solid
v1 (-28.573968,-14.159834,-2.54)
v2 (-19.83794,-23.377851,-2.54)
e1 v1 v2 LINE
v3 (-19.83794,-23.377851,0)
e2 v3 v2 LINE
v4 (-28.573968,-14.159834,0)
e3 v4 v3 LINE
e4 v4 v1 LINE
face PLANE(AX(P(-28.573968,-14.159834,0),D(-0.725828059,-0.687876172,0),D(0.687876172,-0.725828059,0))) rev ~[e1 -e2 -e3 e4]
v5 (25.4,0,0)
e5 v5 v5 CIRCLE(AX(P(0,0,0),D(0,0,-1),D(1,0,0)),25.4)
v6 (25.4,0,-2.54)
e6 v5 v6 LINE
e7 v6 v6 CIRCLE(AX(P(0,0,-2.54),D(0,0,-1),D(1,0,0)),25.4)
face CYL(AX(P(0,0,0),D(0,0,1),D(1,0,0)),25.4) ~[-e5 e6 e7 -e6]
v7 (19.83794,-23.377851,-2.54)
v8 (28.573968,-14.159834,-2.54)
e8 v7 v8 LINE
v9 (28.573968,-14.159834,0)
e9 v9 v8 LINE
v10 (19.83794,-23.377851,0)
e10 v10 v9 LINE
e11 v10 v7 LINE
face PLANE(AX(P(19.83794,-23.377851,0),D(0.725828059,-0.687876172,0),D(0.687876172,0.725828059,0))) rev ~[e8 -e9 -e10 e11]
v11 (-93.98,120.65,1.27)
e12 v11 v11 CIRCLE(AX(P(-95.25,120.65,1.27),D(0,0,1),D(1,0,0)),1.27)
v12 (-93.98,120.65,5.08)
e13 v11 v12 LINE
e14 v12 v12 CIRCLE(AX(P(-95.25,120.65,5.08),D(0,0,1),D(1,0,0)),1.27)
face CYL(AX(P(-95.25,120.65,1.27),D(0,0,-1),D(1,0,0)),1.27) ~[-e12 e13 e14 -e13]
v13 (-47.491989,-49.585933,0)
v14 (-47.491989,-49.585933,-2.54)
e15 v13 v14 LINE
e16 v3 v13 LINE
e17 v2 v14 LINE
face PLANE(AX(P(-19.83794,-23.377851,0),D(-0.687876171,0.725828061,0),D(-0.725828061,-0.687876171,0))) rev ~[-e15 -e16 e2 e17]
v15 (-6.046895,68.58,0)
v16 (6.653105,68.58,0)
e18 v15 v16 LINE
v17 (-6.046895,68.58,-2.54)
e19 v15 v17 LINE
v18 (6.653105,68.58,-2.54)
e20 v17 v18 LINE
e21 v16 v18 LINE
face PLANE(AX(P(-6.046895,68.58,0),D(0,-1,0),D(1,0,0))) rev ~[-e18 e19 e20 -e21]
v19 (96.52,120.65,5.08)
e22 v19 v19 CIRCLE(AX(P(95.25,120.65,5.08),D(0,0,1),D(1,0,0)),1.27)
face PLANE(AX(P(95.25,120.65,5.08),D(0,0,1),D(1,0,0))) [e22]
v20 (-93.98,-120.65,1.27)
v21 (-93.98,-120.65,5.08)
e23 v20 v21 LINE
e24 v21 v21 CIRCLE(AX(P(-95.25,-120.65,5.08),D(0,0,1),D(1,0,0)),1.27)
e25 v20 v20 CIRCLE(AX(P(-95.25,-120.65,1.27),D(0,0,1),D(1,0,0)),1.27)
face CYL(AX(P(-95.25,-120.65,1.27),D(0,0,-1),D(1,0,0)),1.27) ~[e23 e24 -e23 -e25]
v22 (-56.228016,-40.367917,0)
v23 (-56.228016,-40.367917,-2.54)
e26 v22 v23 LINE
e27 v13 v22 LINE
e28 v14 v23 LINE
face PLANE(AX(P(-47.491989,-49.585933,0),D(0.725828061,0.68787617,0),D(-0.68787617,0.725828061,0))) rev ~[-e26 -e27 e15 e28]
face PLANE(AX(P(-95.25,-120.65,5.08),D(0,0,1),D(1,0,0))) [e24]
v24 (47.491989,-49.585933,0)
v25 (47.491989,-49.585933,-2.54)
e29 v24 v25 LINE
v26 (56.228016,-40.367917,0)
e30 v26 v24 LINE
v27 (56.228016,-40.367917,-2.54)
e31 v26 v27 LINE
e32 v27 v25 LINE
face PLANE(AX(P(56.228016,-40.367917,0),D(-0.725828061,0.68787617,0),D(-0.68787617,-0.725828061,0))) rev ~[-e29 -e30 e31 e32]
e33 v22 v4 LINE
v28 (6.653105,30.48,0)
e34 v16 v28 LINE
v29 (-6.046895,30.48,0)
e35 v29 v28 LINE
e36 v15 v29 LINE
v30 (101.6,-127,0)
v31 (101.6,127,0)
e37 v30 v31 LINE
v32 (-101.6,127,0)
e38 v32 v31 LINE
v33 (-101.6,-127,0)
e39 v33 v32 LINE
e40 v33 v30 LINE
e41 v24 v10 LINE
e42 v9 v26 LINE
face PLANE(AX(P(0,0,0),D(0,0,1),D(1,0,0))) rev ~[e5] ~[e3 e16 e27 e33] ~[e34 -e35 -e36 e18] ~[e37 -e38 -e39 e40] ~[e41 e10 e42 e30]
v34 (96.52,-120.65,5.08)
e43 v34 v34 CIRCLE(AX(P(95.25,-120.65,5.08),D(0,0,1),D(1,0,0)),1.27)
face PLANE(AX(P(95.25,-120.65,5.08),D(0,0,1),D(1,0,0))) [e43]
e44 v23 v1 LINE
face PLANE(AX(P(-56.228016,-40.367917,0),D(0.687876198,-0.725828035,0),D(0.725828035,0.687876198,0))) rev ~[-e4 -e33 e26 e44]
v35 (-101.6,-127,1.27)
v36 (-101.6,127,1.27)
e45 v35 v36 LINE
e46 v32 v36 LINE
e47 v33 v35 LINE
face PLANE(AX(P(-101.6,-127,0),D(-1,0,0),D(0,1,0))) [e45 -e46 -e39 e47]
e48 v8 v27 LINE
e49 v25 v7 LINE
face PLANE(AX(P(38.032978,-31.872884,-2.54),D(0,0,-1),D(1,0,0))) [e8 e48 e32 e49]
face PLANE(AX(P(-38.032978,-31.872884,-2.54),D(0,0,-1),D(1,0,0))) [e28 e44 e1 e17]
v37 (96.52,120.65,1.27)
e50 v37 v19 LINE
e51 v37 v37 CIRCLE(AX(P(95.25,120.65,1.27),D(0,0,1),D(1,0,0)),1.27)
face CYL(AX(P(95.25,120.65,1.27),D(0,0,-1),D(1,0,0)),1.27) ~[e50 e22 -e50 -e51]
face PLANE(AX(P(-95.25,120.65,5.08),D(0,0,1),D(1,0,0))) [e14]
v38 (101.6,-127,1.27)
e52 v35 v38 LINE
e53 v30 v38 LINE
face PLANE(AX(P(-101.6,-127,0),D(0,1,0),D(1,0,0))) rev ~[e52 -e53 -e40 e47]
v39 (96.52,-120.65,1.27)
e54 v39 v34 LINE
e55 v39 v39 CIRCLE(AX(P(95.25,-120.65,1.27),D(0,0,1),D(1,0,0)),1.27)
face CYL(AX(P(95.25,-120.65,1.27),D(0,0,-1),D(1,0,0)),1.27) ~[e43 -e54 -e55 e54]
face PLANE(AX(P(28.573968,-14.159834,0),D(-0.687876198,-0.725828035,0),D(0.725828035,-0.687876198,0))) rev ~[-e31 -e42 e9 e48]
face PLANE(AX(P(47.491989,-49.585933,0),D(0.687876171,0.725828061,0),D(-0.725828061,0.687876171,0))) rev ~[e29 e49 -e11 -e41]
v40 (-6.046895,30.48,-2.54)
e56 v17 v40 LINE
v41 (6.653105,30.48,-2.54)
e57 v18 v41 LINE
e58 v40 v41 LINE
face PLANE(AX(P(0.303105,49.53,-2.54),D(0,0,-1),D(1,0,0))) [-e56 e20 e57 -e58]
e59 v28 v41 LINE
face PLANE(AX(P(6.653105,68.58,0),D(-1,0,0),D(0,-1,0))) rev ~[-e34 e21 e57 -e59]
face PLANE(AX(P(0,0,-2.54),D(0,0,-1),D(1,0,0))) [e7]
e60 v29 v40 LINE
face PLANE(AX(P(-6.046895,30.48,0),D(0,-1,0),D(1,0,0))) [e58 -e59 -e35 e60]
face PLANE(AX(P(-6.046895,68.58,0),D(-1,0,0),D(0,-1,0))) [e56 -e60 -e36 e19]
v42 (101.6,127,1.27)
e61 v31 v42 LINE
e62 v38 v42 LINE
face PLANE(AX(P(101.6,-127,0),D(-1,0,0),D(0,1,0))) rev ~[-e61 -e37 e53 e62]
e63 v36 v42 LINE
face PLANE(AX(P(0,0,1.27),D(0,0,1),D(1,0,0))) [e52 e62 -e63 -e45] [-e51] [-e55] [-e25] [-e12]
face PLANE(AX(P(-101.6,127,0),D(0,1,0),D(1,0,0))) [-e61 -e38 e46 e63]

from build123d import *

# Parameters (mm, degrees)
F0_W     = 203.2
F0_H     = 254
F1_DEPTH = 1.27
F2_R     = 1.27
F3_DEPTH = 3.81
F4_R     = 25.4
F4_W     = 12.7
F4_H     = 38.1
F5_DEPTH = 2.54


with BuildPart() as f1:
    # F0 (on Top) → F1 (new body)
    with BuildSketch(Plane.XY):
        Rectangle(F0_W, F0_H)
    extrude(amount=F1_DEPTH)

    # F2 (on face) → F3 (join)
    with BuildSketch(Plane.XY.offset(1.27)):
        with Locations((-95.25, 120.65)):
            Circle(F2_R)
        with Locations((95.25, 120.65)):
            Circle(F2_R)
        with Locations((95.25, -120.65)):
            Circle(F2_R)
        with Locations((-95.25, -120.65)):
            Circle(F2_R)
    extrude(amount=F3_DEPTH)

    # F4 (on face) → F5 (join)
    with BuildSketch(Plane(origin=(0, 0, 0), x_dir=(1, 0, 0), z_dir=(0, 0, -1))):
        Polygon((-56.228016, 40.367917), (-28.573968, 14.159834), (-19.83794, 23.377851), (-47.491989, 49.585933), align=None)
        Circle(F4_R)
        Polygon((56.228016, 40.367917), (47.491989, 49.585933), (19.83794, 23.377851), (28.573968, 14.159834), align=None)
        with Locations((0.303105, -49.53)):
            Rectangle(F4_W, F4_H)
    extrude(amount=F5_DEPTH)


solid = f1.part
